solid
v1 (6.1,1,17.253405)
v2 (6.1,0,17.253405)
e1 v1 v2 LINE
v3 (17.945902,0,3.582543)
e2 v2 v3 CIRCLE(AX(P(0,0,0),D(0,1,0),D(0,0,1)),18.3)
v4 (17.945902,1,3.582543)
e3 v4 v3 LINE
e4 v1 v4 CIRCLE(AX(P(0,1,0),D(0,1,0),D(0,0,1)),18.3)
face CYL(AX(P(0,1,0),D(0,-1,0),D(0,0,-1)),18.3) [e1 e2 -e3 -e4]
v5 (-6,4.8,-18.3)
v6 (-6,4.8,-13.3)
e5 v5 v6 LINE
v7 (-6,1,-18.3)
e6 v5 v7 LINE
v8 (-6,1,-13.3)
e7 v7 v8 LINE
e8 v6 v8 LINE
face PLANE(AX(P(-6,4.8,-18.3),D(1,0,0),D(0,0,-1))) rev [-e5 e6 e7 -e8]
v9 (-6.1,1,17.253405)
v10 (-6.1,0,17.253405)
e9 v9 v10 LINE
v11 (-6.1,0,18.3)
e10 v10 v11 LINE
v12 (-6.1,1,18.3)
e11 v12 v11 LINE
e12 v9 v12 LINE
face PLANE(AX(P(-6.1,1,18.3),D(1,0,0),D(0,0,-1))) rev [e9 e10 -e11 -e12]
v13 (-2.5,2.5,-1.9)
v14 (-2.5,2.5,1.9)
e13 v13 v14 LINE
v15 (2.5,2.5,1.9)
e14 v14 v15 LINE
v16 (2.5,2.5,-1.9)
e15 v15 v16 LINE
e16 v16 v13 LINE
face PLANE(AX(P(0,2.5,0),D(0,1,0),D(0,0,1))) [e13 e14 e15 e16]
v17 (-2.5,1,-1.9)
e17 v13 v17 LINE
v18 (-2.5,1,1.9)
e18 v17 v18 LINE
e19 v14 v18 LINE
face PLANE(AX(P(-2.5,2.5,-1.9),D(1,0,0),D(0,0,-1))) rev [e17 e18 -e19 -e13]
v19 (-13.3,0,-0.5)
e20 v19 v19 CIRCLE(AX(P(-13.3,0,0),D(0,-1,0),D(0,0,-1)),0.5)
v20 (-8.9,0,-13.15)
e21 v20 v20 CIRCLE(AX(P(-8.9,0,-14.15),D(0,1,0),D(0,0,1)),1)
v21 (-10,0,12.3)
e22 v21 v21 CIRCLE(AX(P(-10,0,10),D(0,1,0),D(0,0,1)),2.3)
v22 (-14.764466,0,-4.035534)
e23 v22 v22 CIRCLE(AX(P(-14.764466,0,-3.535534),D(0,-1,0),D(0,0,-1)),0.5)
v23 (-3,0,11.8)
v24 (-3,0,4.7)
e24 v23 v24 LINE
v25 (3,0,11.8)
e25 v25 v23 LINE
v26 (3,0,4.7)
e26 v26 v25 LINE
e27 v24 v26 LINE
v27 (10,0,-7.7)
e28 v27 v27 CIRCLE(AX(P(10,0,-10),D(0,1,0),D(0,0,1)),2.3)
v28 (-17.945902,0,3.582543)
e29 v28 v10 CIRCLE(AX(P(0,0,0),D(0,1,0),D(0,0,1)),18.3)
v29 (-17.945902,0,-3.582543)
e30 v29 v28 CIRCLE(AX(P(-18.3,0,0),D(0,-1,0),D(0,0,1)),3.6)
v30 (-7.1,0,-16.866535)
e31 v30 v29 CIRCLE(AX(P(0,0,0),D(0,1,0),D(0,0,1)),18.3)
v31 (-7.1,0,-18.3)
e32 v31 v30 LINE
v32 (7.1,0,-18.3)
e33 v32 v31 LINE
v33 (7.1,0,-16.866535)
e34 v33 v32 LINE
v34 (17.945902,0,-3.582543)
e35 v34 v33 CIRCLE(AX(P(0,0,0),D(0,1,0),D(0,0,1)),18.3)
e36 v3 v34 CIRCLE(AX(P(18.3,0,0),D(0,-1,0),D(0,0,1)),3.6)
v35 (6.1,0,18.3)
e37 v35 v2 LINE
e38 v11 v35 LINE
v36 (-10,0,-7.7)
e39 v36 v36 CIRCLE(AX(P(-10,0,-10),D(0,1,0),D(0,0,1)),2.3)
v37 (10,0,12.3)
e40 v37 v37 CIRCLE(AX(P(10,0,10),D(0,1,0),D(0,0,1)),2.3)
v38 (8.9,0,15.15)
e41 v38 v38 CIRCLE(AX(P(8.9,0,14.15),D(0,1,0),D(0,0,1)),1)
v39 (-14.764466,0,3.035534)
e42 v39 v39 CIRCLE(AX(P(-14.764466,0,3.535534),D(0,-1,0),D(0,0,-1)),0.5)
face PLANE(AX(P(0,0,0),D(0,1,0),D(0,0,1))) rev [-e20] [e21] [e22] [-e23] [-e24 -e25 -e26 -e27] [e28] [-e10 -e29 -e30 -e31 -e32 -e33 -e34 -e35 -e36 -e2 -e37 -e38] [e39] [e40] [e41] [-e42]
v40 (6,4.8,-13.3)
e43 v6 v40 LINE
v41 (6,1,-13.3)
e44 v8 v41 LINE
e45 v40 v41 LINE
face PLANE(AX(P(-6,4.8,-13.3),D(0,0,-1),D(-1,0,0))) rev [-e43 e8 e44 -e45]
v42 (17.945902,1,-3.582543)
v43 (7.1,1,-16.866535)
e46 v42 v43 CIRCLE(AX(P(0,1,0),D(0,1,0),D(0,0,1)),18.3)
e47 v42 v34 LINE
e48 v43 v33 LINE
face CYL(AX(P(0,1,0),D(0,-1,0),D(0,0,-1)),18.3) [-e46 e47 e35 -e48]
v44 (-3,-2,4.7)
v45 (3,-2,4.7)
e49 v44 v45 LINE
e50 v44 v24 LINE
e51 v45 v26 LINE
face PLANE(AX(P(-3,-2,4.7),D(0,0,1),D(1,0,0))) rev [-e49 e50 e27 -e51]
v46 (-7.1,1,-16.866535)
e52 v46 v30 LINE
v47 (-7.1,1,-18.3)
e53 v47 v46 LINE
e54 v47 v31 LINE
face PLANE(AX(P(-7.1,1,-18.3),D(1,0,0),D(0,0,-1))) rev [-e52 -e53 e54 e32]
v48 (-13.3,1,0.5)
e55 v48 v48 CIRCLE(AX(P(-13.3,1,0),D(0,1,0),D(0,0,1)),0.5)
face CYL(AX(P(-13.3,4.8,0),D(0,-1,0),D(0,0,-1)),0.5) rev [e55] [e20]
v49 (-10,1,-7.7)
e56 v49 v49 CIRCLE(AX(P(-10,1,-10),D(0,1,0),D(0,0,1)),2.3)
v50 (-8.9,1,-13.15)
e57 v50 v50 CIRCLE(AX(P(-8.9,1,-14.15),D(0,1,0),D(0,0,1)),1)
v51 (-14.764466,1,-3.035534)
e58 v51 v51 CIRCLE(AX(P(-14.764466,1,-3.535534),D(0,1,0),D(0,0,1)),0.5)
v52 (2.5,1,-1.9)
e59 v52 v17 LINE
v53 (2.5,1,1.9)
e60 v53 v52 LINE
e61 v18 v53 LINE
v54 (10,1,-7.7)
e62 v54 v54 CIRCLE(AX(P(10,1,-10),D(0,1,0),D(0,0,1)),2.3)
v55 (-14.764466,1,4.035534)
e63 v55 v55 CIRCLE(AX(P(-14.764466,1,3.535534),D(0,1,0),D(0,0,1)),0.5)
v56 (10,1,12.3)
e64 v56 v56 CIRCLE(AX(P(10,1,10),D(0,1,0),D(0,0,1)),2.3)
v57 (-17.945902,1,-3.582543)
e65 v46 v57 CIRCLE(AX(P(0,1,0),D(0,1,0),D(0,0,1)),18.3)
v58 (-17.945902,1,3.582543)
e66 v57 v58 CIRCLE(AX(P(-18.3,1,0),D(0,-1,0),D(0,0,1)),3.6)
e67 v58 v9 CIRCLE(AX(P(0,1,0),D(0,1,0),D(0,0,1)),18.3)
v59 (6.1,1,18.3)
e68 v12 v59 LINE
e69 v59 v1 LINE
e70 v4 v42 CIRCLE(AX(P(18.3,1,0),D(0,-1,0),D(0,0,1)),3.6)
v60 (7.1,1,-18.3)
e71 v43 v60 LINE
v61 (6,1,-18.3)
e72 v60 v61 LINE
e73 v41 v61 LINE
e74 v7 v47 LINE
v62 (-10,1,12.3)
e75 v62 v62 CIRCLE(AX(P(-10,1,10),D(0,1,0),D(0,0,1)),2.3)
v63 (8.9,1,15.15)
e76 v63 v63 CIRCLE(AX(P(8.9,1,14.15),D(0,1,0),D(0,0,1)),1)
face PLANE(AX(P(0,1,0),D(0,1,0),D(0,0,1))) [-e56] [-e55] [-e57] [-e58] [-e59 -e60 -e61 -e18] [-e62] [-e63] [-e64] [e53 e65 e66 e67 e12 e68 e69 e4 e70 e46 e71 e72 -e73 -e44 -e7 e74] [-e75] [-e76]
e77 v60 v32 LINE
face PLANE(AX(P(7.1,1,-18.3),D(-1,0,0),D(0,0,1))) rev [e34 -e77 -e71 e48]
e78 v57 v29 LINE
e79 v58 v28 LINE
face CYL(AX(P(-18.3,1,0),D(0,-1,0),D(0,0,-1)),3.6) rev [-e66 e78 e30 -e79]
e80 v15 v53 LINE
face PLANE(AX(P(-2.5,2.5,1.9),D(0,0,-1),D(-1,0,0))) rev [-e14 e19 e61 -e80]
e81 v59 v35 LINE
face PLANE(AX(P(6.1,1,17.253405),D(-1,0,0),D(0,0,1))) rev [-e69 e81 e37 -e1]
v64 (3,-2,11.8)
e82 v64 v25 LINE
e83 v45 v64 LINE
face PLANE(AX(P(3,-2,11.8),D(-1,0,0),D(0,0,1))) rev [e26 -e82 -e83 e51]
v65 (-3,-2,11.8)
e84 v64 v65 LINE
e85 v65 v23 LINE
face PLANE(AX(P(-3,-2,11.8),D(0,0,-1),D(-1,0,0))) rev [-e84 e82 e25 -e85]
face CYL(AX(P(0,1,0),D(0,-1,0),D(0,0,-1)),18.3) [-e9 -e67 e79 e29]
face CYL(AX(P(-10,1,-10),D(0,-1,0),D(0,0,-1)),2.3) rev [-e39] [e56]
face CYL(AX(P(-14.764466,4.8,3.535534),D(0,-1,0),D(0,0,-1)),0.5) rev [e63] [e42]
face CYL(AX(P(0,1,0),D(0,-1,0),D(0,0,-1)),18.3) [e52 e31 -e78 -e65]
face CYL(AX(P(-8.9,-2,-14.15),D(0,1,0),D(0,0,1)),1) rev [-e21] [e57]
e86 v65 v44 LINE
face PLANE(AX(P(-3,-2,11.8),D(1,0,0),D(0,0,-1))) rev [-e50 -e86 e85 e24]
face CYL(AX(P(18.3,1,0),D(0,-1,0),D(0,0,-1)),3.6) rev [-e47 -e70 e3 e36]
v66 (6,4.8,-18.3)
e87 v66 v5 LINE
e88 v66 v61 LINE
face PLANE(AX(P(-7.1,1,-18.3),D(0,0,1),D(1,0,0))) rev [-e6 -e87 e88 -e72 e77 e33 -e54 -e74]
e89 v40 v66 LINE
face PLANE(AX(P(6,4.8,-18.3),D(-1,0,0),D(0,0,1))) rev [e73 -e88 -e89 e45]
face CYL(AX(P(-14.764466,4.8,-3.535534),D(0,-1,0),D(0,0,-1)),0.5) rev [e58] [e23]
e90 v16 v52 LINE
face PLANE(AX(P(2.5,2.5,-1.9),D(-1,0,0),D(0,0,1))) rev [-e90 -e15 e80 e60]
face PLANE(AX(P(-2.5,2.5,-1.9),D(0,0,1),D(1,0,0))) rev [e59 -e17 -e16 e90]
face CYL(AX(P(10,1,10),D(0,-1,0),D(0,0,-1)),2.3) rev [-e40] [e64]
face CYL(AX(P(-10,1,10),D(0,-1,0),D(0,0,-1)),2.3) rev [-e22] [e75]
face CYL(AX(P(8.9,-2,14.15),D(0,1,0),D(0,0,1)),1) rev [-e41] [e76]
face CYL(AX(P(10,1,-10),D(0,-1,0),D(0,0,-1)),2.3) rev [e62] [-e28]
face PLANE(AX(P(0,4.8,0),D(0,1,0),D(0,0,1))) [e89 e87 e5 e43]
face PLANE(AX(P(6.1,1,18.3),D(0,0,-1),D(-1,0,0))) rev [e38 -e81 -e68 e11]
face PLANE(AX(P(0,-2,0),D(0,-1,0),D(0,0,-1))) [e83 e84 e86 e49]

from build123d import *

# Parameters (mm, degrees)
SKETCH1_R           = 2.3
EXTRUDE1_DEPTH      = 1
SKETCH2_W           = 12
SKETCH2_H           = 5
EXTRUDE2_DEPTH      = 3.8
SKETCH3_W           = 5
SKETCH3_H           = 3.8
EXTRUDE3_DEPTH      = 1.5
SKETCH4_W           = 6
SKETCH4_H           = 7.1
EXTRUDE4_DEPTH      = 2
EXTRUDE5_DEPTH      = 26.91110545
EXTRUDE5_DEPTH_BACK = 26.91110545
SKETCH5_R           = 1
SKETCH6_R           = 0.5
EXTRUDE6_DEPTH      = 27.076529402


with BuildPart() as part:
    # Sketch1 → Extrude1 (new body)
    with BuildSketch(Plane(origin=(0, 0, 0), x_dir=(1, 0, 0), z_dir=(0, 1, 0))):
        with BuildLine():
            Line((-7.1, 18.3), (-7.1, 16.866534914))
            ThreePointArc((-7.1, 16.866534914), (-14.175345058, 11.573659425), (-17.945901639, 3.582543001))
            ThreePointArc((-17.945901639, 3.582543001), (-14.7, 0), (-17.945901639, -3.582543001))
            ThreePointArc((-17.945901639, -3.582543001), (-13.830201246, -11.983969855), (-6.1, -17.253405461))
            Line((-6.1, -17.253405461), (-6.1, -18.3))
            Line((-6.1, -18.3), (6.1, -18.3))
            Line((6.1, -18.3), (6.1, -17.253405461))
            ThreePointArc((6.1, -17.253405461), (13.830201246, -11.983969855), (17.945901639, -3.582543001))
            ThreePointArc((17.945901639, -3.582543001), (14.7, 0), (17.945901639, 3.582543001))
            ThreePointArc((17.945901639, 3.582543001), (14.175345058, 11.573659425), (7.1, 16.866534914))
            Line((7.1, 16.866534914), (7.1, 18.3))
            Line((7.1, 18.3), (-7.1, 18.3))
        make_face()
        with Locations((-10, 10)):
            Circle(SKETCH1_R, mode=Mode.SUBTRACT)
        with Locations((10, 10)):
            Circle(SKETCH1_R, mode=Mode.SUBTRACT)
        with Locations((10, -10)):
            Circle(SKETCH1_R, mode=Mode.SUBTRACT)
        with Locations((-10, -10)):
            Circle(SKETCH1_R, mode=Mode.SUBTRACT)
    extrude(amount=EXTRUDE1_DEPTH)

    # Sketch2 → Extrude2 (add)
    with BuildSketch(Plane(origin=(0, 1, 0), x_dir=(1, 0, 0), z_dir=(0, 1, 0))):
        with Locations((0, 15.8)):
            Rectangle(SKETCH2_W, SKETCH2_H)
    extrude(amount=EXTRUDE2_DEPTH)

    # Sketch3 → Extrude3 (add)
    with BuildSketch(Plane(origin=(0, 1, 0), x_dir=(1, 0, 0), z_dir=(0, 1, 0))):
        Rectangle(SKETCH3_W, SKETCH3_H)
    extrude(amount=EXTRUDE3_DEPTH)

    # Sketch4 → Extrude4 (add)
    with BuildSketch(Plane.XZ):
        with Locations((0, 8.25)):
            Rectangle(SKETCH4_W, SKETCH4_H)
    extrude(amount=EXTRUDE4_DEPTH)

    # Sketch5 → Extrude5 (cut, two sides: drawn at the far end of the back side and taken through both)
    with BuildSketch(Plane(origin=(0, 1, 0), x_dir=(1, 0, 0), z_dir=(0, 1, 0)).offset(-EXTRUDE5_DEPTH_BACK)):
        with Locations((-8.9, 14.15)):
            Circle(SKETCH5_R)
        with Locations((8.9, -14.15)):
            Circle(SKETCH5_R)
    extrude(amount=EXTRUDE5_DEPTH + EXTRUDE5_DEPTH_BACK, mode=Mode.SUBTRACT)

    # Sketch6 → Extrude6 (cut, through all)
    with BuildSketch(Plane.XZ):
        with Locations((-13.3, 0)):
            Circle(SKETCH6_R)
        with Locations((-14.764466094, 3.535533906)):
            Circle(SKETCH6_R)
        with Locations((-14.764466094, -3.535533906)):
            Circle(SKETCH6_R)
    extrude(amount=-EXTRUDE6_DEPTH, mode=Mode.SUBTRACT)


solid = part.part
